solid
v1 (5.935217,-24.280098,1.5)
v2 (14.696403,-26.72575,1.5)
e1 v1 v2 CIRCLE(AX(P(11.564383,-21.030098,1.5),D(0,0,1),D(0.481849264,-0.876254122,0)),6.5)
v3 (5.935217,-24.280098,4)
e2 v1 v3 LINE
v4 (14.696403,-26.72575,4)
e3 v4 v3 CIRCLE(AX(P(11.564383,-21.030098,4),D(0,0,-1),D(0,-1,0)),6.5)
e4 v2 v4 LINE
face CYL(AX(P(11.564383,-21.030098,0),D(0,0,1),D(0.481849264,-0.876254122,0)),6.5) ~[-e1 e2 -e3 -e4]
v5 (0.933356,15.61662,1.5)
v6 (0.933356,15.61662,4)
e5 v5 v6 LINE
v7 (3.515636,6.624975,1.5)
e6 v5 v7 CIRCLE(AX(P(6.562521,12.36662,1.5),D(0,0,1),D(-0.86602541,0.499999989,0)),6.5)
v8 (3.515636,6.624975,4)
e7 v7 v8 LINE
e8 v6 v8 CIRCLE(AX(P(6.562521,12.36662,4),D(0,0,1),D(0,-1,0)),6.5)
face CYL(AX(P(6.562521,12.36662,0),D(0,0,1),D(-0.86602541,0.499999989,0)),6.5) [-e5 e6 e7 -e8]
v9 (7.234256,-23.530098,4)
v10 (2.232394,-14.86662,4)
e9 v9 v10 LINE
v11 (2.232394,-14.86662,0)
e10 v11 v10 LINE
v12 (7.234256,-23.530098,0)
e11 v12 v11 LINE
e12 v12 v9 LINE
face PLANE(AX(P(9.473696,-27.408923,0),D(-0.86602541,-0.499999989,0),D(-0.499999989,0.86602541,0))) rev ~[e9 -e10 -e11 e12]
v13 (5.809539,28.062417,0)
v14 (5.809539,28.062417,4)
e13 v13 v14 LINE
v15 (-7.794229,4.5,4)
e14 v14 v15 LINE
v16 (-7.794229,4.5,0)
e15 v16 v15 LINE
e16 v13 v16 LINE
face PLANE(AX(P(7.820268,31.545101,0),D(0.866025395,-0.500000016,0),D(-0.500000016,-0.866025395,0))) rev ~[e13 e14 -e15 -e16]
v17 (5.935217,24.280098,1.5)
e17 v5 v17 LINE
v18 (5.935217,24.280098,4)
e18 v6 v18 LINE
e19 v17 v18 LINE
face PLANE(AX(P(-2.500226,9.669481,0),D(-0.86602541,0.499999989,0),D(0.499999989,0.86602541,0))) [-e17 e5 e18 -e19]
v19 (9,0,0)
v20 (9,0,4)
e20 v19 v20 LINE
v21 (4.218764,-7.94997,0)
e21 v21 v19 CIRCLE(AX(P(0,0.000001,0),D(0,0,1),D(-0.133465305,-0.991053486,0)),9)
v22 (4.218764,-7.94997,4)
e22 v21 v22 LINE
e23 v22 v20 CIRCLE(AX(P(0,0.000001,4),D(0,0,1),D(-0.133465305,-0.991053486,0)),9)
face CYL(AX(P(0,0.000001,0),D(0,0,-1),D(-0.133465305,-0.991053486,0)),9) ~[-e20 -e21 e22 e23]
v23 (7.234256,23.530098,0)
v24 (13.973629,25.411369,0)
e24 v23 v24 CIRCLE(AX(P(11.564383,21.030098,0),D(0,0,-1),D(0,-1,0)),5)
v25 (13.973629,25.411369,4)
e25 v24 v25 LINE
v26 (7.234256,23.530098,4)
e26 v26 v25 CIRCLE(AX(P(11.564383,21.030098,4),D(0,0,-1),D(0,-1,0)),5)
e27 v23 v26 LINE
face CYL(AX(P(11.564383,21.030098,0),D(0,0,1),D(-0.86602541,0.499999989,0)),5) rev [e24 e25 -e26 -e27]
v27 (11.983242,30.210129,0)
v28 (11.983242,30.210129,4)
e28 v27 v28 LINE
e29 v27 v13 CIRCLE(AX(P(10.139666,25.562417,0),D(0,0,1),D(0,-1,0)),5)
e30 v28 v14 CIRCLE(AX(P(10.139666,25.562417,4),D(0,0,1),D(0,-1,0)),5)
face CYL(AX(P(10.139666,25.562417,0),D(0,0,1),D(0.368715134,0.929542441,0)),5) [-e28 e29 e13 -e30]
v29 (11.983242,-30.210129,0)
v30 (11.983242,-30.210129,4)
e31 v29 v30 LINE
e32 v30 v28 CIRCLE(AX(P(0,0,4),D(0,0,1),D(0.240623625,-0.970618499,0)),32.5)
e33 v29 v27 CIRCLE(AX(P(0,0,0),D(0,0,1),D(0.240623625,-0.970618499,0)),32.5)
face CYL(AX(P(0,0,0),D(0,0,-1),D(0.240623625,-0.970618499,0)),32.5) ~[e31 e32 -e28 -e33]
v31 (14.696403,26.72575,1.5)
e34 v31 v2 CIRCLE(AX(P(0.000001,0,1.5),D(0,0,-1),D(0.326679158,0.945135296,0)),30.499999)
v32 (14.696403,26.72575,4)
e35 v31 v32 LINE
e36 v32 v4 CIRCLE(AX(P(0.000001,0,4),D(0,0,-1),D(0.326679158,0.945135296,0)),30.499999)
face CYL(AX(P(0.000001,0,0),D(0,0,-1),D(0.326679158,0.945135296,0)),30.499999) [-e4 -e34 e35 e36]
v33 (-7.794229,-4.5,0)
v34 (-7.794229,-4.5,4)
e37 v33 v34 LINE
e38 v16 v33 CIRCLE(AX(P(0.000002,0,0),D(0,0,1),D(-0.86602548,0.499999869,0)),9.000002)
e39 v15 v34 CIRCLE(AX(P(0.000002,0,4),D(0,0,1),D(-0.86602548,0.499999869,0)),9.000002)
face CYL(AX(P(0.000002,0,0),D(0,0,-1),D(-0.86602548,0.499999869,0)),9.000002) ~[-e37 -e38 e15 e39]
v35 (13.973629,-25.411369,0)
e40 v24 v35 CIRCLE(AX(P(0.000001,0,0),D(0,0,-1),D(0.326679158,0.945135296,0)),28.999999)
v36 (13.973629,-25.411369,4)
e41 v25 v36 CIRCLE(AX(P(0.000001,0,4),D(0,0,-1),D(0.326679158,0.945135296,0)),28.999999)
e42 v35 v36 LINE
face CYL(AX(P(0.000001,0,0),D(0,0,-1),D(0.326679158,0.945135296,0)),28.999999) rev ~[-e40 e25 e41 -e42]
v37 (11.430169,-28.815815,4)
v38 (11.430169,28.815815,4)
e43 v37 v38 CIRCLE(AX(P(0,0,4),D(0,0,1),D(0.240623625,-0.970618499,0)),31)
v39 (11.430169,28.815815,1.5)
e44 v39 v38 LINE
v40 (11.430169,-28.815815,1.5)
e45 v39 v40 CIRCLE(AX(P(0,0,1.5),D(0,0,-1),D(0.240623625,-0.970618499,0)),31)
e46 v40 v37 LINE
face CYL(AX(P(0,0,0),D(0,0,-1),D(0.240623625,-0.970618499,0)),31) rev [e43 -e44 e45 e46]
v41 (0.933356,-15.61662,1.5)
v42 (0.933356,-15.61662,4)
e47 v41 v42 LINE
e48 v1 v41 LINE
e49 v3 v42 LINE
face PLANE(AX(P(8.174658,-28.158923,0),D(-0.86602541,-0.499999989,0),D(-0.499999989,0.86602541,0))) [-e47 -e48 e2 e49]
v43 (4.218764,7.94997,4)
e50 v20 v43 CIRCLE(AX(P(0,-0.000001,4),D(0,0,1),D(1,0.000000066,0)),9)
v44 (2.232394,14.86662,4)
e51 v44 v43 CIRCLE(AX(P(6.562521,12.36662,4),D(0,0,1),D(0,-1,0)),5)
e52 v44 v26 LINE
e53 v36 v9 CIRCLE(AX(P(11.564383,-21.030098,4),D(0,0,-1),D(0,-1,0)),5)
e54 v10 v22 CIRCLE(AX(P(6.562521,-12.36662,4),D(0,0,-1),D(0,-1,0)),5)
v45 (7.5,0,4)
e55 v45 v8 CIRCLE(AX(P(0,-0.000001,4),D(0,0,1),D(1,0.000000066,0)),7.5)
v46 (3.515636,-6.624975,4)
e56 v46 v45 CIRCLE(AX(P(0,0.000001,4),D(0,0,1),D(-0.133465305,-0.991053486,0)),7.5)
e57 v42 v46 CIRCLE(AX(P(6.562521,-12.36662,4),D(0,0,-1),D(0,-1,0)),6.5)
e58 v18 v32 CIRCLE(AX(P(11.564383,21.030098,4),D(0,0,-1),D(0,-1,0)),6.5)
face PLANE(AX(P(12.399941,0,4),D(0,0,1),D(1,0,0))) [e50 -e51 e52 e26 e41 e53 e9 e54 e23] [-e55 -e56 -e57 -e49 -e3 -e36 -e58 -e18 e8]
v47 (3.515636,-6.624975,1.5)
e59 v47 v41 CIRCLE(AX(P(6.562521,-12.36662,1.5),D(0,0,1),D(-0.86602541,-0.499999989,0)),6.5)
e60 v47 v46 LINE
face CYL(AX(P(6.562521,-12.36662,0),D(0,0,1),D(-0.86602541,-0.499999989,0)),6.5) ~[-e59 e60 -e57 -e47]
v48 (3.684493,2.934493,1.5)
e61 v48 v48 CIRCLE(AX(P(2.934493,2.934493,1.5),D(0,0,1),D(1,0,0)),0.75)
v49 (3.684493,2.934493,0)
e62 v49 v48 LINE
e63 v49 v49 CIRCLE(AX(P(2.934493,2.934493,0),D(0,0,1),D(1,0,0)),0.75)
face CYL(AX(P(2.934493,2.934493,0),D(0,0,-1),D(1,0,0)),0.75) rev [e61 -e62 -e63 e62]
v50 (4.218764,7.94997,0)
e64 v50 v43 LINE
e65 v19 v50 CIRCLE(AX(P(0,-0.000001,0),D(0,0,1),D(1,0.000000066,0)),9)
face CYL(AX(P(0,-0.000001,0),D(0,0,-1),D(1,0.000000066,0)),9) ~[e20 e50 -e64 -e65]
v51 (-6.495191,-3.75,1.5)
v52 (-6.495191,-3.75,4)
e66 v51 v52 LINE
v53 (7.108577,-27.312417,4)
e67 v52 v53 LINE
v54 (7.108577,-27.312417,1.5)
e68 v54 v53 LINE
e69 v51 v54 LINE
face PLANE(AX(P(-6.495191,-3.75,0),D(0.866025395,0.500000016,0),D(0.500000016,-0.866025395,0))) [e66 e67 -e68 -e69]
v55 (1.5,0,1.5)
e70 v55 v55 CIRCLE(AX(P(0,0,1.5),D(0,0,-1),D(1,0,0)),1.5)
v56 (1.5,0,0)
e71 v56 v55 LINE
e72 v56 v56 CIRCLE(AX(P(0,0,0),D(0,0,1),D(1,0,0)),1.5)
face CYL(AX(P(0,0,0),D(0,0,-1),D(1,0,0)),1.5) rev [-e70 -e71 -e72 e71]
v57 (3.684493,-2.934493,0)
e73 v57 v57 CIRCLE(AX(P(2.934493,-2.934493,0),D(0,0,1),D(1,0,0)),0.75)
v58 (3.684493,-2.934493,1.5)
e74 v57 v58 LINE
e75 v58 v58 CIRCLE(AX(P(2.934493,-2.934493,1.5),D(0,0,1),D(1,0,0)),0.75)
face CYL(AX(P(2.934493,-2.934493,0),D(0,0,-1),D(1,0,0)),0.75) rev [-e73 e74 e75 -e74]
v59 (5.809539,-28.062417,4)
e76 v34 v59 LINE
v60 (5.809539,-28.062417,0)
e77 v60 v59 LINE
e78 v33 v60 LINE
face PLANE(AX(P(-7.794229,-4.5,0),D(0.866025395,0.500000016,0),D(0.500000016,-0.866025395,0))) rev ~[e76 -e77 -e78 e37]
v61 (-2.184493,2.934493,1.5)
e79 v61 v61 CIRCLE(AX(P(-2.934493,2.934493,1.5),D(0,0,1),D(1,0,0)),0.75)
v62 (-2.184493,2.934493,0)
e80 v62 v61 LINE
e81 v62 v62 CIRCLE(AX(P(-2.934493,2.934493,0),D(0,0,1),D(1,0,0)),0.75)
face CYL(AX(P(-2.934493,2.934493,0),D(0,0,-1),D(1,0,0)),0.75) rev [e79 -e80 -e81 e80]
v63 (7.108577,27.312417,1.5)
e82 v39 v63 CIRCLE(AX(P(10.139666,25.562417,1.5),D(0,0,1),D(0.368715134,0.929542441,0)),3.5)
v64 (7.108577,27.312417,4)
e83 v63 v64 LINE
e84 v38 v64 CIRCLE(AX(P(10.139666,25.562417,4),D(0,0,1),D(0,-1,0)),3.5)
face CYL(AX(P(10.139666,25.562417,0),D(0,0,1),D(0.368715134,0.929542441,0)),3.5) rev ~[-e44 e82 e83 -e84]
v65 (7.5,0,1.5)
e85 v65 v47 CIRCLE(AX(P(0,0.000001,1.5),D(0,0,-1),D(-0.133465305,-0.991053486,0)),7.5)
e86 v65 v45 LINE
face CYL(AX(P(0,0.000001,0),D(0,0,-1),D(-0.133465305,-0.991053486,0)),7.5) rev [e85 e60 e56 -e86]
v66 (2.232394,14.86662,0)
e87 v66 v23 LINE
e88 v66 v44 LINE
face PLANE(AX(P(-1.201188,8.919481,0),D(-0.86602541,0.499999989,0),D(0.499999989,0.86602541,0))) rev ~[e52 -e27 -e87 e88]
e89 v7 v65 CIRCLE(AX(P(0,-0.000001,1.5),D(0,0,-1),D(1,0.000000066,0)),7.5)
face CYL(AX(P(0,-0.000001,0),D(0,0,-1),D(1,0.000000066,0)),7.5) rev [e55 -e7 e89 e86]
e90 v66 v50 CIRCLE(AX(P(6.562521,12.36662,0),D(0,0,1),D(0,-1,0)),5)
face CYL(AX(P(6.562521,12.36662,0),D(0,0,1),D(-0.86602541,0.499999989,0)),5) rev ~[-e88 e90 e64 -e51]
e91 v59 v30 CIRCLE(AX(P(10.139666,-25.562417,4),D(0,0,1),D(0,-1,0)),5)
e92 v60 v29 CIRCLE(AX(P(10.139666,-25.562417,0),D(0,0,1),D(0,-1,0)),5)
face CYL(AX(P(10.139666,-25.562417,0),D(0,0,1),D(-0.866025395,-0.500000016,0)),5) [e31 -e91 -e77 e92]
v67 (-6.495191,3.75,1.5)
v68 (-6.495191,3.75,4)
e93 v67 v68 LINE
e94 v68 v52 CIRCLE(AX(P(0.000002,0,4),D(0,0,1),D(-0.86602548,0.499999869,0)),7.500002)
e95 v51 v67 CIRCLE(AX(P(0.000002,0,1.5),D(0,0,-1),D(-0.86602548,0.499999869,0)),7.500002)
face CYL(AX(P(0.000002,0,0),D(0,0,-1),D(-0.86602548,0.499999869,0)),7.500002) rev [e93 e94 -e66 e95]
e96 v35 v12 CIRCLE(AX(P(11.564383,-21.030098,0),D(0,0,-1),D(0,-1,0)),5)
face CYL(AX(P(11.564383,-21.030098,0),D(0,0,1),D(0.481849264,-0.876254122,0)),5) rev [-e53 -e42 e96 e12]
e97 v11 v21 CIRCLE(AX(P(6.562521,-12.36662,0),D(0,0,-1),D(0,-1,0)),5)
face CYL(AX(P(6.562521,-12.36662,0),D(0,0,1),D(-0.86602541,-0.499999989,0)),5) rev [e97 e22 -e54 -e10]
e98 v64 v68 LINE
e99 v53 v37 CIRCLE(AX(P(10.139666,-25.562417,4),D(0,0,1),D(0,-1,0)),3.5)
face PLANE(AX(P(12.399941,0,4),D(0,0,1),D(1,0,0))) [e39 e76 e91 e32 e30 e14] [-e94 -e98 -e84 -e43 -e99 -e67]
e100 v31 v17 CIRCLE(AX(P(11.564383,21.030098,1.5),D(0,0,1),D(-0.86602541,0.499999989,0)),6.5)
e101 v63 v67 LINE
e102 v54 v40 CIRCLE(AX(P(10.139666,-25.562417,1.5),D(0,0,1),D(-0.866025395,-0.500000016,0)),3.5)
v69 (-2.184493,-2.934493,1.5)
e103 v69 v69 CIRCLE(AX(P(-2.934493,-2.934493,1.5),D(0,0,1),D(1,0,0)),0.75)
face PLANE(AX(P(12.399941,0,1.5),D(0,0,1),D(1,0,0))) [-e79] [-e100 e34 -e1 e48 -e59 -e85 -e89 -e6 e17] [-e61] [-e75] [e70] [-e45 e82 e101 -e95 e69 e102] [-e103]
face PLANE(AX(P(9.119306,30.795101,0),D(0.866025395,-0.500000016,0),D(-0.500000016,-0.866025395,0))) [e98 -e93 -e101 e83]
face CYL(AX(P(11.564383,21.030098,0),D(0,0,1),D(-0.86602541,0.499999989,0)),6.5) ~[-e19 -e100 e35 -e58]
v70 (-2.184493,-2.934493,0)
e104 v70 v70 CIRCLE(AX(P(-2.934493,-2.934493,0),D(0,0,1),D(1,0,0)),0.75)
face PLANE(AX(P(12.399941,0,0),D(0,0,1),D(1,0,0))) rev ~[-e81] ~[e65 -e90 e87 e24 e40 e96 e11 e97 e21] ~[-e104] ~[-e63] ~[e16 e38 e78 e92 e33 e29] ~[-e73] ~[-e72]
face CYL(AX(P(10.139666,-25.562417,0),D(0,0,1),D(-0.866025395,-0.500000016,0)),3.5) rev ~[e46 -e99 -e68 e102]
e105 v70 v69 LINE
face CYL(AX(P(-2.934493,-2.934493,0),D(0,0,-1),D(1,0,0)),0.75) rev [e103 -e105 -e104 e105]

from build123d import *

# Parameters (mm, degrees)
F1_DEPTH = 4
F2_R     = 5
F3_T     = -1.5
F4_R     = 1.5
F5_DEPTH = 3
F6_R     = 0.75
F7_DEPTH = 1.5


with BuildPart() as f1:
    # F0 (on Top) → F1 (new body)
    with BuildSketch(Plane.XY):
        with BuildLine():
            ThreePointArc((-7.794229, 4.5), (-5.011221, 7.475805), (-1.201188, 8.919481))
            Line((-1.201188, 8.919481), (9.473696, 27.408923))
            ThreePointArc((9.473696, 27.408923), (29, 0), (9.473696, -27.408923))
            Line((9.473696, -27.408923), (-1.201188, -8.919481))
            ThreePointArc((-1.201188, -8.919481), (-5.011221, -7.475805), (-7.794229, -4.5))
            Line((-7.794229, -4.5), (7.820268, -31.545101))
            ThreePointArc((7.820268, -31.545101), (32.5, 0), (7.820268, 31.545101))
            Line((7.820268, 31.545101), (-7.794229, 4.5))
        make_face()
        with BuildLine():
            ThreePointArc((-1.201188, -8.919481), (5.924074, -6.775348), (9, 0))
            ThreePointArc((9, 0), (5.924074, 6.775348), (-1.201188, 8.919481))
            ThreePointArc((-1.201188, 8.919481), (-5.011221, 7.475805), (-7.794229, 4.5))
            ThreePointArc((-7.794229, 4.5), (-9, 0), (-7.794229, -4.5))
            ThreePointArc((-7.794229, -4.5), (-5.011221, -7.475805), (-1.201188, -8.919481))
        make_face()
    extrude(amount=F1_DEPTH)

    # F2
    f2_edges = [f1.edges().sort_by_distance(p)[0] for p in [
        (9.473696, 27.408923, 2),
        (9.473696, -27.408923, 2),
        (7.820268, 31.545101, 2),
        (-1.201188, -8.919481, 2),
        (-1.201188, 8.919481, 2),
        (7.820268, -31.545101, 2),
    ]]
    fillet(f2_edges, radius=F2_R)

    # F3
    f3_openings = [f1.faces().sort_by_distance(p)[0] for p in [
        (7.079481, -4.25771, 4),
    ]]
    offset(amount=F3_T, openings=f3_openings)

    # F4 (on Top) → F5 (cut)
    with BuildSketch(Plane.XY):
        Circle(F4_R)
    extrude(amount=F5_DEPTH, mode=Mode.SUBTRACT)

    # F6 (on Top) → F7 (cut, through all)
    with BuildSketch(Plane.XY):
        with Locations((2.934493, 2.934493)):
            Circle(F6_R)
        with Locations((-2.934493, 2.934493)):
            Circle(F6_R)
        with Locations((-2.934493, -2.934493)):
            Circle(F6_R)
        with Locations((2.934493, -2.934493)):
            Circle(F6_R)
    extrude(amount=F7_DEPTH, mode=Mode.SUBTRACT)


solid = f1.part
